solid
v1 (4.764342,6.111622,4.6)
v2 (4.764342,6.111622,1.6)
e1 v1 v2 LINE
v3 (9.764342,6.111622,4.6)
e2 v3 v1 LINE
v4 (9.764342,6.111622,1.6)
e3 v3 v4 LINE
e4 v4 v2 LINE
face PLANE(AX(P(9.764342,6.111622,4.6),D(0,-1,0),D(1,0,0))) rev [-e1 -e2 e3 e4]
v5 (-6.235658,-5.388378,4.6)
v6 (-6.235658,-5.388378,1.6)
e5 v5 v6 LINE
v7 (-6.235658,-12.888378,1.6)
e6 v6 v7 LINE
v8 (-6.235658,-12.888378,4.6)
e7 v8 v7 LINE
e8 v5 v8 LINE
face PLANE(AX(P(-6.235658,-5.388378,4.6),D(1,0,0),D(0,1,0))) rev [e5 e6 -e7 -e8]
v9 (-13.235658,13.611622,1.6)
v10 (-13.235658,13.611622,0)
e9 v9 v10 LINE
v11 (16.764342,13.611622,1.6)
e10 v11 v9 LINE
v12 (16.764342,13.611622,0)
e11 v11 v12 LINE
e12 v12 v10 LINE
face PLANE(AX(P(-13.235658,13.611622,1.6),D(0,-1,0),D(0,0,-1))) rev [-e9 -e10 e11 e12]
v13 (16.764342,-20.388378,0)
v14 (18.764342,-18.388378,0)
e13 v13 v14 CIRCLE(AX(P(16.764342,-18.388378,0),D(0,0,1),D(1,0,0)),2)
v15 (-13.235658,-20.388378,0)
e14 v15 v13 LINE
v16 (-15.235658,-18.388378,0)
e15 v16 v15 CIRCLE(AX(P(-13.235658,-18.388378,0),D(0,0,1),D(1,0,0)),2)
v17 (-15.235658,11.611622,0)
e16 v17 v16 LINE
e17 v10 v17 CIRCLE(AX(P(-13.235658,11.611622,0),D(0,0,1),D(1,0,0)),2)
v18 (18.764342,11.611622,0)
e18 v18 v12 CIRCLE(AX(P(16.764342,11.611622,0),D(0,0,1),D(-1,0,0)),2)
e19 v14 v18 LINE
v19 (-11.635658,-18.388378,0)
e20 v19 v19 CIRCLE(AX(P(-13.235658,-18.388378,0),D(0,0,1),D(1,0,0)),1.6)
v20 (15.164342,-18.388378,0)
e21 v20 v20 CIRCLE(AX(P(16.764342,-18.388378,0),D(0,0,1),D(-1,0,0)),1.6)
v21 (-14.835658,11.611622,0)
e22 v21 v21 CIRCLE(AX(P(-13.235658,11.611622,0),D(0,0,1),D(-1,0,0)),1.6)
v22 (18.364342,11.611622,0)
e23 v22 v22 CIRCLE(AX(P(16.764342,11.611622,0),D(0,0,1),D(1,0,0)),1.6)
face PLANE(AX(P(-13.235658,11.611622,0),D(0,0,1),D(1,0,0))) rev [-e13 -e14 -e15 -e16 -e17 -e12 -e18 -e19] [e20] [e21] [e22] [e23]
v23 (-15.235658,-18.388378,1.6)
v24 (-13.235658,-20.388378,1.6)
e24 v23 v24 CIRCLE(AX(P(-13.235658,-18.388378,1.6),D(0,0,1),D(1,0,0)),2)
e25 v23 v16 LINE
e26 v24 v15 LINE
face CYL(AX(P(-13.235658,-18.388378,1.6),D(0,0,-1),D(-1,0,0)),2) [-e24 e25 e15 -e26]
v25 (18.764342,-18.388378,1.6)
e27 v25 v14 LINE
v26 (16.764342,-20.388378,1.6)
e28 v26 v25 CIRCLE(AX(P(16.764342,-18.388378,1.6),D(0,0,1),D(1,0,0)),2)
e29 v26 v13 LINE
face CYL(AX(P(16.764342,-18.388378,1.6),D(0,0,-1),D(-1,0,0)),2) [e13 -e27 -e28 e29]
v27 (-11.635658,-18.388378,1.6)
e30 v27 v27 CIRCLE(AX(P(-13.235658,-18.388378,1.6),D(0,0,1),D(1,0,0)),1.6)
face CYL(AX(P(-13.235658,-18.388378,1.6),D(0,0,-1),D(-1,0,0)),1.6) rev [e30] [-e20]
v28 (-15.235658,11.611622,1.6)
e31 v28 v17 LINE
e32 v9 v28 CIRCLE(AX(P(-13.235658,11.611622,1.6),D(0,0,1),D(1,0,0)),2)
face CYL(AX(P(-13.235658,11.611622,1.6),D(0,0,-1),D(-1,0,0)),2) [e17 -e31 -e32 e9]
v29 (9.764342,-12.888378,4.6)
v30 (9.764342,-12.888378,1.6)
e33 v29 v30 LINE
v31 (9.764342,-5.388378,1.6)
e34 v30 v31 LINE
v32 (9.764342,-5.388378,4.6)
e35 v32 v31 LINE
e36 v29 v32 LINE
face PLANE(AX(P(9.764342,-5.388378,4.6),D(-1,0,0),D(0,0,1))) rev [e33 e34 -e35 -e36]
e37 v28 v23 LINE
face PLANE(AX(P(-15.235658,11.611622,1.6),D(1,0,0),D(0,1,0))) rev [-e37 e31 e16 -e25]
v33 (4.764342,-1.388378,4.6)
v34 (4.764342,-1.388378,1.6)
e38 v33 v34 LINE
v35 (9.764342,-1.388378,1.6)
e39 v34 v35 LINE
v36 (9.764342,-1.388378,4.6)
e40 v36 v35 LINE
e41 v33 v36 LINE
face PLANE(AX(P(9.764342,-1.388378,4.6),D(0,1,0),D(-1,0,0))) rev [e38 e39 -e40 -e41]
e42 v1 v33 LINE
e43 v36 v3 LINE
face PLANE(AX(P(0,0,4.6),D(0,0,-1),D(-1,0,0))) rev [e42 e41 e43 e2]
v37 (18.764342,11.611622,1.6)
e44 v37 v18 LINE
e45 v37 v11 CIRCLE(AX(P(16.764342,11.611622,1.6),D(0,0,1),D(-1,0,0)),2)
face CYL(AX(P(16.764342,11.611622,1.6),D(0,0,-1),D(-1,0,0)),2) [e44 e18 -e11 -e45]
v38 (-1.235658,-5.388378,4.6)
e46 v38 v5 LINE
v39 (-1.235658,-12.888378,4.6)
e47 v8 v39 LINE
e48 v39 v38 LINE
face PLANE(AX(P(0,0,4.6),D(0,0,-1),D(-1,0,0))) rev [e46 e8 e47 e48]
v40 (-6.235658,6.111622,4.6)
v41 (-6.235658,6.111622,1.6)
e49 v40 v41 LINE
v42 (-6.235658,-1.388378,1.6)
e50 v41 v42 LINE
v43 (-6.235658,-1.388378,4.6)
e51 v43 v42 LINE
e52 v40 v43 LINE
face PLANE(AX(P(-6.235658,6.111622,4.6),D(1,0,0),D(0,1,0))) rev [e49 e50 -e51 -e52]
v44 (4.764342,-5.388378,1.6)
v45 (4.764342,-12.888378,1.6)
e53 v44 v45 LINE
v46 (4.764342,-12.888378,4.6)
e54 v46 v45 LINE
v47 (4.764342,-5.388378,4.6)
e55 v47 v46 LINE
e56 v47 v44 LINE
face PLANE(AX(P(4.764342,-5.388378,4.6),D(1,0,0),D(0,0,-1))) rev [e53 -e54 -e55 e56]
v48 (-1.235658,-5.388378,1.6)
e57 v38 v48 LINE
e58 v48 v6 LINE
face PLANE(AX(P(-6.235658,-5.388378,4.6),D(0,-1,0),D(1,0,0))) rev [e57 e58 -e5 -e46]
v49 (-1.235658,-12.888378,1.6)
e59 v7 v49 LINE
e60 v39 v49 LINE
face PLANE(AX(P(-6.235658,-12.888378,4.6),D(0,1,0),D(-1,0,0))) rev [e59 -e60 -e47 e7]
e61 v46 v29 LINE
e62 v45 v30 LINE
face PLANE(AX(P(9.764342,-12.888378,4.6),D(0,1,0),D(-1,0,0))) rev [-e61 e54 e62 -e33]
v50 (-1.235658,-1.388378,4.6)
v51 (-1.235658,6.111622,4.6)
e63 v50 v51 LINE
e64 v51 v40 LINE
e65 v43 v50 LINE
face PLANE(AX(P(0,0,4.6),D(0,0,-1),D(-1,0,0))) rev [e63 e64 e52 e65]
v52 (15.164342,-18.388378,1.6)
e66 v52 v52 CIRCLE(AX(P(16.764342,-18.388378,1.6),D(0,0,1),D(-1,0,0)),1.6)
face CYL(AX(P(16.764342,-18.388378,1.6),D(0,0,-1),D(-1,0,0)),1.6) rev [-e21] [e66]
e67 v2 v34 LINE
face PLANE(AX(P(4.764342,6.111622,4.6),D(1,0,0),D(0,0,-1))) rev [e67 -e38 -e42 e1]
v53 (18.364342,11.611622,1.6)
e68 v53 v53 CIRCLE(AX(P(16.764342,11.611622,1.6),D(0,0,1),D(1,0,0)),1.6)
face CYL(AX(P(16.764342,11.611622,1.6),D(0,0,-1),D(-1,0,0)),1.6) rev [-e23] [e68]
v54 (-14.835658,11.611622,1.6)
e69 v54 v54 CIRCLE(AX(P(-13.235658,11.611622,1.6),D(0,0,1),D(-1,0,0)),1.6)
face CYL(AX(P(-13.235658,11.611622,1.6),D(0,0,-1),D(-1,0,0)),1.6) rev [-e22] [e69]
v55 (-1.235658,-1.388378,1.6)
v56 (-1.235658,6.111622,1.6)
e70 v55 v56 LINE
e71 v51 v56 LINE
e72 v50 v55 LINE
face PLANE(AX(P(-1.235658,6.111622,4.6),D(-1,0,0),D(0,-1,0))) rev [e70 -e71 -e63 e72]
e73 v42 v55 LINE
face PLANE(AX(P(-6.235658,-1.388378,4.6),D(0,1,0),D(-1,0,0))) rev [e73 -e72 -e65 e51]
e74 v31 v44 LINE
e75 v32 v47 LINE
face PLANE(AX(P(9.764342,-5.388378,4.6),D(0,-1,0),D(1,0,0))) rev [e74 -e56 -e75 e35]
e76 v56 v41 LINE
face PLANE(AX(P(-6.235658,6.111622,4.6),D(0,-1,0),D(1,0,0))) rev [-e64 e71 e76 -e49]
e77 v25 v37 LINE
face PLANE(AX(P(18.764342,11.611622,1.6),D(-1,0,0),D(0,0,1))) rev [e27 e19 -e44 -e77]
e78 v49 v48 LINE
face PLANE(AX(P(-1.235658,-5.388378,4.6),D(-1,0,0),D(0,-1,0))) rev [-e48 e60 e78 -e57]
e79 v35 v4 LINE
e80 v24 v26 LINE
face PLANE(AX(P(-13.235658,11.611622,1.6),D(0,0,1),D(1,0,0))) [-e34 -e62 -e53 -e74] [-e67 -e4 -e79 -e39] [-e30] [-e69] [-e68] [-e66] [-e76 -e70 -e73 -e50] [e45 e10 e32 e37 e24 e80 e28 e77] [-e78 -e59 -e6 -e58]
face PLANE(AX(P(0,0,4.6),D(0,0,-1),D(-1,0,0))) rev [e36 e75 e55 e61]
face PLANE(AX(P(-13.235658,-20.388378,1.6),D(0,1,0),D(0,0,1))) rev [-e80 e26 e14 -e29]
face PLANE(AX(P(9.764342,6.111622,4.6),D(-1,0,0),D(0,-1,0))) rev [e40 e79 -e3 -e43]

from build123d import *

# Parameters (mm, degrees)
SKETCH1_R           = 1.6
BOSS_EXTRUDE1_DEPTH = 1.6
SKETCH2_W           = 5
SKETCH2_H           = 7.5
BOSS_EXTRUDE2_DEPTH = 3


with BuildPart() as part:
    # Sketch1 → Boss-Extrude1 (new body)
    with BuildSketch(Plane.XY):
        with BuildLine():
            Line((-13.235657624, 13.611622239), (16.764342376, 13.611622239))
            ThreePointArc((16.764342376, 13.611622239), (18.178555938, 13.025835801), (18.764342376, 11.611622239))
            Line((18.764342376, 11.611622239), (18.764342376, -18.388377761))
            ThreePointArc((18.764342376, -18.388377761), (18.178555938, -19.802591324), (16.764342376, -20.388377761))
            Line((16.764342376, -20.388377761), (-13.235657624, -20.388377761))
            ThreePointArc((-13.235657624, -20.388377761), (-14.649871187, -19.802591324), (-15.235657624, -18.388377761))
            Line((-15.235657624, -18.388377761), (-15.235657624, 11.611622239))
            ThreePointArc((-15.235657624, 11.611622239), (-14.649871187, 13.025835801), (-13.235657624, 13.611622239))
        make_face()
        with Locations((16.764342376, 11.611622239)):
            Circle(SKETCH1_R, mode=Mode.SUBTRACT)
        with Locations(Location((16.764342376, -18.388377761, 0), (0, 0, 180))):
            Circle(SKETCH1_R, mode=Mode.SUBTRACT)
        with Locations(Location((-13.235657624, 11.611622239, 0), (0, 0, 180))):
            Circle(SKETCH1_R, mode=Mode.SUBTRACT)
        with Locations((-13.235657624, -18.388377761)):
            Circle(SKETCH1_R, mode=Mode.SUBTRACT)
    extrude(amount=BOSS_EXTRUDE1_DEPTH)

    # Sketch2 → Boss-Extrude2 (add)
    with BuildSketch(Plane.XY.offset(1.6)):
        with Locations((7.264342376, 2.361622239)):
            Rectangle(SKETCH2_W, SKETCH2_H)
        with Locations((7.264342376, -9.138377761)):
            Rectangle(SKETCH2_W, SKETCH2_H)
        with Locations((-3.735657624, -9.138377761)):
            Rectangle(SKETCH2_W, SKETCH2_H)
        with Locations((-3.735657624, 2.361622239)):
            Rectangle(SKETCH2_W, SKETCH2_H)
    extrude(amount=BOSS_EXTRUDE2_DEPTH)


solid = part.part
